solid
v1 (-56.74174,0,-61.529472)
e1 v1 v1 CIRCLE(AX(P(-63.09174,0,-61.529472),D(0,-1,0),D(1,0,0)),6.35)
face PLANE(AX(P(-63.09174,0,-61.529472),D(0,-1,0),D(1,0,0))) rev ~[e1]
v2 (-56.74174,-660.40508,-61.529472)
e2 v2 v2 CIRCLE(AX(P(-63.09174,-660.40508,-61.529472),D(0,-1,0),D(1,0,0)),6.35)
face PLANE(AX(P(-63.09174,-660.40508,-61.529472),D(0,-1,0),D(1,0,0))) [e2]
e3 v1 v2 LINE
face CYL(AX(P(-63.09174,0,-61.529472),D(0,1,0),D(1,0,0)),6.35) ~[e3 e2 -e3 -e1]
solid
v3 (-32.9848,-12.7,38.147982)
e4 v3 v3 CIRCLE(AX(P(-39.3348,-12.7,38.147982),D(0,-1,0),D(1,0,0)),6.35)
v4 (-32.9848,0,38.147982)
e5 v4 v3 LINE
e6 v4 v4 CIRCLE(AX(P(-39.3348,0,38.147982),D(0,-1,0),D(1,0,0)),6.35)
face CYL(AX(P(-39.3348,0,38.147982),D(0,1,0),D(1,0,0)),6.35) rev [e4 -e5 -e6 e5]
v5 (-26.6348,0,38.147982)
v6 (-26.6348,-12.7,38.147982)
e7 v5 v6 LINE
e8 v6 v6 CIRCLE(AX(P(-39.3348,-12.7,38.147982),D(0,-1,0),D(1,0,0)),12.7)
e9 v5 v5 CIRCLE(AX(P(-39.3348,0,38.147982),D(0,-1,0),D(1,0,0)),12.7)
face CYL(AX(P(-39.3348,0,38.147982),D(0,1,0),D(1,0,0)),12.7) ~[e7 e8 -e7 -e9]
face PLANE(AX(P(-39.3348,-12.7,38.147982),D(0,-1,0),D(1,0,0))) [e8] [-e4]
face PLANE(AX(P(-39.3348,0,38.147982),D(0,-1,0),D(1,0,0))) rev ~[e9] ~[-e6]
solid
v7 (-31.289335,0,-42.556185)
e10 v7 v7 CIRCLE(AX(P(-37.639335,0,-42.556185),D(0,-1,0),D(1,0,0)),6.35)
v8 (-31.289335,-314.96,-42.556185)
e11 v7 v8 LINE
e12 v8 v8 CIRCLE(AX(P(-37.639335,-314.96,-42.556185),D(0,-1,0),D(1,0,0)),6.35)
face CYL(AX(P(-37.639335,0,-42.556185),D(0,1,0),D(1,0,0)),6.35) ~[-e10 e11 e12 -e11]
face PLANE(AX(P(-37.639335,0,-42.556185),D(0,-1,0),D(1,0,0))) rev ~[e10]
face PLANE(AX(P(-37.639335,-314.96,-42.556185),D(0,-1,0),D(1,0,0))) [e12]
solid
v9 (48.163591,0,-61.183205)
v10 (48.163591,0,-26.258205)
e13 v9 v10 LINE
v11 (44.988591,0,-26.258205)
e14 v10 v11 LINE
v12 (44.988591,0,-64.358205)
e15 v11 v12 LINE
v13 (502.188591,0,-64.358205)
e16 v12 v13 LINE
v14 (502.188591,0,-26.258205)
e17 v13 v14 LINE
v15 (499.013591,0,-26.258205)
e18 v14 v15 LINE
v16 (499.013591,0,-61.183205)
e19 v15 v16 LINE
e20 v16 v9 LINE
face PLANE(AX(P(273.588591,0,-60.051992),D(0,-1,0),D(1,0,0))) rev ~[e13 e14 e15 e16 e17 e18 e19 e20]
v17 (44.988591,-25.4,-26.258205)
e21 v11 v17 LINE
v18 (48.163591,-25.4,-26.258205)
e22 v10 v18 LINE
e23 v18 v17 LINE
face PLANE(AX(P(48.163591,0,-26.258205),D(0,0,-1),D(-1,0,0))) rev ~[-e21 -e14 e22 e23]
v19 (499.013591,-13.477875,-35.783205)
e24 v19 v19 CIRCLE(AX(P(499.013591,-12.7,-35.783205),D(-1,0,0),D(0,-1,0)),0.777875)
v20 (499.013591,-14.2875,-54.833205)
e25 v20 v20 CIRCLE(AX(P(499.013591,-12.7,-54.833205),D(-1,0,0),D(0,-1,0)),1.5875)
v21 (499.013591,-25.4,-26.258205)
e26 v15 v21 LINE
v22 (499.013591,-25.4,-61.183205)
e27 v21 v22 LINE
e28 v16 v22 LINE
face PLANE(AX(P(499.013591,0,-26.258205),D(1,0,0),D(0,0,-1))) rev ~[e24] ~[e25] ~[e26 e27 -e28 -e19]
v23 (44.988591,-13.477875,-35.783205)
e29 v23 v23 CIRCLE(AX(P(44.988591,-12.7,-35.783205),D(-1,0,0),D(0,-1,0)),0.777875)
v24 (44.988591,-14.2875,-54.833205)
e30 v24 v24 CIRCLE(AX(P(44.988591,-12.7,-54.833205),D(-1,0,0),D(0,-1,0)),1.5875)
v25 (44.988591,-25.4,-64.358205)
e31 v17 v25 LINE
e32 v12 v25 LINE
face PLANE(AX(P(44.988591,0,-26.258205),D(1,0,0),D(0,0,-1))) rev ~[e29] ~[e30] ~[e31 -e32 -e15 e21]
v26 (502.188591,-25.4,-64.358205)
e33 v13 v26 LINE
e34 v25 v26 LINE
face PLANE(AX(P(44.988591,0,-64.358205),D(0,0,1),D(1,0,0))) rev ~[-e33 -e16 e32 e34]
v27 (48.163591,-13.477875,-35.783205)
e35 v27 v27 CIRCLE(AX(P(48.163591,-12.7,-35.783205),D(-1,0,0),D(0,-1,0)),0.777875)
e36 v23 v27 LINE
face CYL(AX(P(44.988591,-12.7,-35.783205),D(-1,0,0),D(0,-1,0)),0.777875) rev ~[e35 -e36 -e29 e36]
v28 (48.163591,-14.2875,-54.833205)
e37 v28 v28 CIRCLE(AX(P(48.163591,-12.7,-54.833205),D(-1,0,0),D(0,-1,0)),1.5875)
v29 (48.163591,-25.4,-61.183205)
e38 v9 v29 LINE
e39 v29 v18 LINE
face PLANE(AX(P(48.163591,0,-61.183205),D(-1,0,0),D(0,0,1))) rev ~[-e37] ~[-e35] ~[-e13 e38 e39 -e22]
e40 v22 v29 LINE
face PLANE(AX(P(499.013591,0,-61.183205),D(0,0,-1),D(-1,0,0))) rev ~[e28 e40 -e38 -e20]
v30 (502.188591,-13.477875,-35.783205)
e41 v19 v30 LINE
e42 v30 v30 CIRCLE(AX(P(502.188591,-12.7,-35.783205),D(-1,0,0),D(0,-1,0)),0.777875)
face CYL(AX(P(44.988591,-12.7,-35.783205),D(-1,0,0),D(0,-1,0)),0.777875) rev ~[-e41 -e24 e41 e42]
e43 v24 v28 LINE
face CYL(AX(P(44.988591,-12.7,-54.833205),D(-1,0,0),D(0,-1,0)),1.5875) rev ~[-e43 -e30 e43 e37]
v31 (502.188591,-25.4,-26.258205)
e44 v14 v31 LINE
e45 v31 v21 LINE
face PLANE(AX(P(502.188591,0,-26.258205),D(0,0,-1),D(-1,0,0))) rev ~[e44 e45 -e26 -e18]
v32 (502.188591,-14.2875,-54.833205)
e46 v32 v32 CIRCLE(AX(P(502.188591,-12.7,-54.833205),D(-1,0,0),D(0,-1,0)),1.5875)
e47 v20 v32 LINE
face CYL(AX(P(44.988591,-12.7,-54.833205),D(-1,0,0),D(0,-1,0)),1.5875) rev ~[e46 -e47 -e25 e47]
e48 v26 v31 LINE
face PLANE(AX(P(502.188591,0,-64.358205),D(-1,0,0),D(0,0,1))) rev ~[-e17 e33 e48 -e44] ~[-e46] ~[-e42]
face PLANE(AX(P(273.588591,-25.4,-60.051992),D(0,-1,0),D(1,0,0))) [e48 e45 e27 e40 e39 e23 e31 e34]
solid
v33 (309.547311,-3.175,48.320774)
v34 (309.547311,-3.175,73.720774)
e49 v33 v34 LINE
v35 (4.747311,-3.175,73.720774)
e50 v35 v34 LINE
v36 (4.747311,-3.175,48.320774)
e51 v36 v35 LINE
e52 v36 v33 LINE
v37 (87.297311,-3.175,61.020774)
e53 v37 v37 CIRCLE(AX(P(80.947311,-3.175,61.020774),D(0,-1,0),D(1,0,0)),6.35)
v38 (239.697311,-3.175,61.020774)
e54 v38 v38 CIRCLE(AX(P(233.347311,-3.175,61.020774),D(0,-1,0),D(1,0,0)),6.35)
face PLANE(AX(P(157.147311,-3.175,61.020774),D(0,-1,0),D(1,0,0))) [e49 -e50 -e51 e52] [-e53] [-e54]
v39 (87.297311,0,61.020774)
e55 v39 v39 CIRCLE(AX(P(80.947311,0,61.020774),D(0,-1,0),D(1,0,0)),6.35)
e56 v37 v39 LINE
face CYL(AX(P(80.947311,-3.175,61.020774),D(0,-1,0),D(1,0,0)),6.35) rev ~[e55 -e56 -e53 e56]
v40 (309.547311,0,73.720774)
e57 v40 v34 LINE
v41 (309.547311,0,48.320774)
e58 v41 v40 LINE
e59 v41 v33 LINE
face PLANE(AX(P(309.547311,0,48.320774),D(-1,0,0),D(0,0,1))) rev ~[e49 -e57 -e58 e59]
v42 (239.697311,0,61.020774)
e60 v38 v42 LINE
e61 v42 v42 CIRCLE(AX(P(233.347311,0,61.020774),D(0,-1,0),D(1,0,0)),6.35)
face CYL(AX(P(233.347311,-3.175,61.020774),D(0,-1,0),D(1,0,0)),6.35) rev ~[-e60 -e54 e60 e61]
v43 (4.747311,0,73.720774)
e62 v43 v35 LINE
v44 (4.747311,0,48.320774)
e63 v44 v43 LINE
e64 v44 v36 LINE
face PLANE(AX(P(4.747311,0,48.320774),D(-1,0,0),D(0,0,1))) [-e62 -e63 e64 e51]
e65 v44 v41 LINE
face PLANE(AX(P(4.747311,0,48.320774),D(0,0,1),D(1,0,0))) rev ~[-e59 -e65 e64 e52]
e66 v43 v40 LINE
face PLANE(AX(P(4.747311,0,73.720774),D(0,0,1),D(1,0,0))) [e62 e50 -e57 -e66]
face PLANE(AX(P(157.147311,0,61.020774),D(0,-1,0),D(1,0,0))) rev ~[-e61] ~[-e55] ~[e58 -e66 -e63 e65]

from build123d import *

# Parameters (mm, degrees)
F1_DEPTH  = 25.4
F2_R      = 1.5875
F2_R_2    = 0.777875
F3_DEPTH  = 457.201
F0_W      = 304.8
F0_H      = 25.4
F4_DEPTH  = 3.175
F0_R      = 12.7
F0_R_2    = 6.35
F5_DEPTH  = 12.7
F6_DEPTH  = 314.96
F8_R      = 6.35
F9_DEPTH  = 3.176
F10_DEPTH = 660.40508


with BuildPart() as f1:
    # F0 (on Front) → F1 (new body)
    with BuildSketch(Plane.XZ):
        Polygon((48.163591, -26.258205), (44.988591, -26.258205), (44.988591, -64.358205), (502.188591, -64.358205), (502.188591, -26.258205), (499.013591, -26.258205), (499.013591, -61.183205), (48.163591, -61.183205), align=None)
    extrude(amount=F1_DEPTH)

    # F2 (on face) → F3 (cut, through all)
    with BuildSketch(Plane(origin=(44.988591, 0, 0), x_dir=(0, -1, 0), z_dir=(-1, 0, 0))):
        with Locations((12.7, -54.833205)):
            Circle(F2_R)
        with Locations((12.7, -35.783205)):
            Circle(F2_R_2)
    extrude(amount=-F3_DEPTH, mode=Mode.SUBTRACT)


with BuildPart() as f4:
    # F0 (on Front) → F4 (new body)
    with BuildSketch(Plane.XZ):
        with Locations((157.147311, 61.020774)):
            Rectangle(F0_W, F0_H)
    extrude(amount=F4_DEPTH)

    # F8 (on face) → F9 (cut, through all)
    with BuildSketch(Plane.XZ.offset(3.175)):
        with Locations((233.347311, 61.020774)):
            Circle(F8_R)
        with Locations((80.947311, 61.020774)):
            Circle(F8_R)
    extrude(amount=-F9_DEPTH, mode=Mode.SUBTRACT)


with BuildPart() as f5:
    # F0 (on Front) → F5 (new body)
    with BuildSketch(Plane.XZ):
        with Locations((-39.3348, 38.147982)):
            Circle(F0_R)
        with Locations((-39.3348, 38.147982)):
            Circle(F0_R_2, mode=Mode.SUBTRACT)
    extrude(amount=F5_DEPTH)


with BuildPart() as f6:
    # F0 (on Front) → F6 (new body)
    with BuildSketch(Plane.XZ):
        with Locations((-37.639335, -42.556185)):
            Circle(F0_R_2)
    extrude(amount=F6_DEPTH)


with BuildPart() as f10:
    # F0 (on Front) → F10 (new body)
    with BuildSketch(Plane.XZ):
        with Locations((-63.09174, -61.529472)):
            Circle(F0_R_2)
    extrude(amount=F10_DEPTH)


solid = Compound([f1.part, f4.part, f5.part, f6.part, f10.part])
